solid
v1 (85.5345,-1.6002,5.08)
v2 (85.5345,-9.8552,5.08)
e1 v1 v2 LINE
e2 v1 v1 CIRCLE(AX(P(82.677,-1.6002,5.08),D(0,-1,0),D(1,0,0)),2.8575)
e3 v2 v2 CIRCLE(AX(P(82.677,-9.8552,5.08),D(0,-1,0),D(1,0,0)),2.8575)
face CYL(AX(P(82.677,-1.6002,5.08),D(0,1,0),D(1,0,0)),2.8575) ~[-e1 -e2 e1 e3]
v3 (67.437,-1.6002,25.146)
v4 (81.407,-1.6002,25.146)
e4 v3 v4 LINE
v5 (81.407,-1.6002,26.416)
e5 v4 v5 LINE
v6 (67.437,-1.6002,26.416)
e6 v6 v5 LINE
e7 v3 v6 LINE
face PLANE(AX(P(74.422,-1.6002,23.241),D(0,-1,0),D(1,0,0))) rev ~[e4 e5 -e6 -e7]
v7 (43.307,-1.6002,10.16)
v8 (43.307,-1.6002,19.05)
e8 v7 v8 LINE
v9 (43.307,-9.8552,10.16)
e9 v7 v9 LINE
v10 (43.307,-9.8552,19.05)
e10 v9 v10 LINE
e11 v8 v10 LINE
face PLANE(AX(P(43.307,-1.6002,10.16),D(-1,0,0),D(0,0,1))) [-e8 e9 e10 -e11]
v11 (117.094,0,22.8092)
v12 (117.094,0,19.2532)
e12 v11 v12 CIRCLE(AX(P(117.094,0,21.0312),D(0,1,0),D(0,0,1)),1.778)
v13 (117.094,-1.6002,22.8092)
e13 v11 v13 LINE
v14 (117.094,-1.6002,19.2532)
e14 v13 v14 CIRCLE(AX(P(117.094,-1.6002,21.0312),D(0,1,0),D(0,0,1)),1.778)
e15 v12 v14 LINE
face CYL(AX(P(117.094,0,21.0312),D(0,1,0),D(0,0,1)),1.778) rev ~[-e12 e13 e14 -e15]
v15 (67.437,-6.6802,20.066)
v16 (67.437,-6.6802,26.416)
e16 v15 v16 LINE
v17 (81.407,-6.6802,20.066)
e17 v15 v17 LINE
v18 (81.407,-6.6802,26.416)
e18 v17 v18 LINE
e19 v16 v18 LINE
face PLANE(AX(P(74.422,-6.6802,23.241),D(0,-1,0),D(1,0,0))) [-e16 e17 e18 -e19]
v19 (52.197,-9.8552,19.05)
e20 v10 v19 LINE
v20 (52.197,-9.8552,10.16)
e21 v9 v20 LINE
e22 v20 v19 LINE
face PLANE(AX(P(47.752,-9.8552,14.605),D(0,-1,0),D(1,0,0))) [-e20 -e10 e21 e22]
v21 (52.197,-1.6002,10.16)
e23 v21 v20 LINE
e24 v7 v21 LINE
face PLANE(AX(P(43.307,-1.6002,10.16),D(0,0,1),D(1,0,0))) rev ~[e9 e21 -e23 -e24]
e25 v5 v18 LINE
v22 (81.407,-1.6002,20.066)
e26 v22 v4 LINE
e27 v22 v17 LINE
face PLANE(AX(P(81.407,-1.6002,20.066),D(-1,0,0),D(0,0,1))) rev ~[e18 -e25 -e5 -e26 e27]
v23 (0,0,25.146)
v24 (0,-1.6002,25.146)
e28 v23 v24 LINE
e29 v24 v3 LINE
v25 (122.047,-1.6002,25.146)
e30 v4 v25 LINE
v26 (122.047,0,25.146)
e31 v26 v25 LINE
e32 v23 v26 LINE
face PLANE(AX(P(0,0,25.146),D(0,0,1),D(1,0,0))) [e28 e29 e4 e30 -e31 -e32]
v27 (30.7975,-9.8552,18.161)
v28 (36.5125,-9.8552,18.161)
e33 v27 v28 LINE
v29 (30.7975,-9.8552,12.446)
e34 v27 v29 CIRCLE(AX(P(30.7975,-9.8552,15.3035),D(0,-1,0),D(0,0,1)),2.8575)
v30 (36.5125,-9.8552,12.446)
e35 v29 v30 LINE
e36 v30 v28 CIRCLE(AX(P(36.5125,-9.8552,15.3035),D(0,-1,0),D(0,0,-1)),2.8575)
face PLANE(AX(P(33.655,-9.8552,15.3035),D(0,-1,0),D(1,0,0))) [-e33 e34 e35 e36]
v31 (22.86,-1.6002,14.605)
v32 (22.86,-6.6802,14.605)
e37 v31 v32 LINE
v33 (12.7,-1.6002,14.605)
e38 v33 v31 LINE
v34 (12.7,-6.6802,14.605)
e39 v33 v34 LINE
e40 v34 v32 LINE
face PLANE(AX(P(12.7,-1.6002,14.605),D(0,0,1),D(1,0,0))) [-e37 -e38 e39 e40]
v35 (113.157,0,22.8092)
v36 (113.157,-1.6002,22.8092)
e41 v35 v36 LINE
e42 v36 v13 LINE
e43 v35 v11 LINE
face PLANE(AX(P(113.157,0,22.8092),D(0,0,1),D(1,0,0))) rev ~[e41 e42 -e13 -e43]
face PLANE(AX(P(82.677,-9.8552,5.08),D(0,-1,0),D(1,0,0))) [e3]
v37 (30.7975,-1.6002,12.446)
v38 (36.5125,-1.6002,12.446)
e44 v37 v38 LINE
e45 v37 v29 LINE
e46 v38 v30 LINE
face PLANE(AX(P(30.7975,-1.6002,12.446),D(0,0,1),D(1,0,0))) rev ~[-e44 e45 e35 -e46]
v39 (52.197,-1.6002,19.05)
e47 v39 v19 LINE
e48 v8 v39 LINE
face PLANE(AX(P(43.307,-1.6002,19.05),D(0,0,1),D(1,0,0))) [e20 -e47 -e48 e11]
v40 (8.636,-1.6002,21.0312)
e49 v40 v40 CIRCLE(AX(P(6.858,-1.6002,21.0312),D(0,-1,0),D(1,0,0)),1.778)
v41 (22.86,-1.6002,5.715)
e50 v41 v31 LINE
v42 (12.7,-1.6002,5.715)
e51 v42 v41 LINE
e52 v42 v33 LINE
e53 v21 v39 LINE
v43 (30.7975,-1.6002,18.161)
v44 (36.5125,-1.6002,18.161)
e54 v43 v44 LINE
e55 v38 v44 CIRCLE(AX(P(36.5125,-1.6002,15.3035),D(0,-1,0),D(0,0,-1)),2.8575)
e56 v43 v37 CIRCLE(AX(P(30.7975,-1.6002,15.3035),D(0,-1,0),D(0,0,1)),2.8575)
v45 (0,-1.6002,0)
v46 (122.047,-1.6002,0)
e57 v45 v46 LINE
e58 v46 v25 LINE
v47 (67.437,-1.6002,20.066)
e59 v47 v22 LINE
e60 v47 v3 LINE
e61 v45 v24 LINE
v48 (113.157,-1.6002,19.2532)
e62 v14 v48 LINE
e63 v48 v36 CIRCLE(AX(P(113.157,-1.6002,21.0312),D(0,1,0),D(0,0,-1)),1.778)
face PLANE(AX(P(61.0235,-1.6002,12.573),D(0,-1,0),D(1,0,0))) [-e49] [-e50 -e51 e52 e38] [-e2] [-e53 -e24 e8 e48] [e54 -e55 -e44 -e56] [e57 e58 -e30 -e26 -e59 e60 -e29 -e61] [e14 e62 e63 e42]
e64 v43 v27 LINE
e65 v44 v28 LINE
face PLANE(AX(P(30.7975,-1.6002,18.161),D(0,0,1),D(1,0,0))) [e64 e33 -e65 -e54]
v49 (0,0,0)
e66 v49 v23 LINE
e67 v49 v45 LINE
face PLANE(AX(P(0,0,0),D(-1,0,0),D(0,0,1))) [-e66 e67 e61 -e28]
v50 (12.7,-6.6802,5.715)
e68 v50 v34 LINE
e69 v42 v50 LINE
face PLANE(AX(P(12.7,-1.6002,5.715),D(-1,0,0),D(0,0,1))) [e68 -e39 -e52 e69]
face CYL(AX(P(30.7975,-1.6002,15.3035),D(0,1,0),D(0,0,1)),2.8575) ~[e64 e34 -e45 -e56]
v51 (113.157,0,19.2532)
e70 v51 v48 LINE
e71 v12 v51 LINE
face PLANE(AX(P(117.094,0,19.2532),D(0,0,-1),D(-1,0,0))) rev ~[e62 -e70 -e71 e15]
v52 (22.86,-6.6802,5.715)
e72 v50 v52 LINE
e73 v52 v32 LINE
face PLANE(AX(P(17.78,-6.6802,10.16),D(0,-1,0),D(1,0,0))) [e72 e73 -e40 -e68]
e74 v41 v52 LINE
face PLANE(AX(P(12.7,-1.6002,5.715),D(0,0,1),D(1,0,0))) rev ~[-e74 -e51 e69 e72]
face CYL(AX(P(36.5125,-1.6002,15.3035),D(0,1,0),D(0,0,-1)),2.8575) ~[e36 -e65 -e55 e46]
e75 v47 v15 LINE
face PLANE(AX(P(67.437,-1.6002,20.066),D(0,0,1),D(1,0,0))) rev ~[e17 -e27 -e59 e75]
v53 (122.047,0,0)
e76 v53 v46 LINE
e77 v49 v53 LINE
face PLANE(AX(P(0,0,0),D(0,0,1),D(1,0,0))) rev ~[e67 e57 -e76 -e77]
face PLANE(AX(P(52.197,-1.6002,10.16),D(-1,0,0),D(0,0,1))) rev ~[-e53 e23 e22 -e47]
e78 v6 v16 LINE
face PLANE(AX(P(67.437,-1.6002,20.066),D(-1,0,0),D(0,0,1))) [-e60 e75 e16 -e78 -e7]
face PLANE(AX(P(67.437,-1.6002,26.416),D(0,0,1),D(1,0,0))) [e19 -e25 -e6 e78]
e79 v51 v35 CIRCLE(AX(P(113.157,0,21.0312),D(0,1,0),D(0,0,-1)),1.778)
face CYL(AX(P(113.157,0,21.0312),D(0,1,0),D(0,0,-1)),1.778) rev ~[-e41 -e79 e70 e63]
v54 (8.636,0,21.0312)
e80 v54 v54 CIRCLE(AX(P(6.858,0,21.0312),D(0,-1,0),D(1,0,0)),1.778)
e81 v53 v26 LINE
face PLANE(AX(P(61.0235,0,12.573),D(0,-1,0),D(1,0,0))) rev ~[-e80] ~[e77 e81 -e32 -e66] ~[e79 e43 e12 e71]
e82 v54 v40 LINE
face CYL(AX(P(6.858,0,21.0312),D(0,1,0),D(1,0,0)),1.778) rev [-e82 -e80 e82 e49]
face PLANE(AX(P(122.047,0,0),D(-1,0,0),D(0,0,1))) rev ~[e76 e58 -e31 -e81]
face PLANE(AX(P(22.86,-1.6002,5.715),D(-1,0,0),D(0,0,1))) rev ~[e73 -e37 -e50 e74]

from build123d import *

# Parameters (mm, degrees)
F0_W     = 122.047
F0_H     = 25.146
F0_R     = 1.778
F1_DEPTH = 1.6002
F2_W     = 10.16
F2_H     = 8.89
F2_W_2   = 13.97
F2_H_2   = 6.35
F3_DEPTH = 5.08
F4_W     = 8.89
F4_H     = 8.89
F4_R     = 2.8575
F4_W_2   = 5.715
F4_H_2   = 5.715
F5_DEPTH = 8.255


with BuildPart() as f1:
    # F0 (on Front) → F1 (new body)
    with BuildSketch(Plane.XZ):
        with Locations((61.0235, 12.573)):
            Rectangle(F0_W, F0_H)
        with Locations((6.858, 21.0312)):
            Circle(F0_R, mode=Mode.SUBTRACT)
        with BuildLine():
            ThreePointArc((113.157, 19.2532), (111.379, 21.0312), (113.157, 22.8092))
            Line((113.157, 22.8092), (117.094, 22.8092))
            ThreePointArc((117.094, 22.8092), (118.872, 21.0312), (117.094, 19.2532))
            Line((117.094, 19.2532), (113.157, 19.2532))
        make_face(mode=Mode.SUBTRACT)
    extrude(amount=F1_DEPTH)

    # F2 (on face) → F3 (join)
    with BuildSketch(Plane.XZ.offset(1.6002)):
        with Locations((17.78, 10.16)):
            Rectangle(F2_W, F2_H)
        with Locations((74.422, 23.241)):
            Rectangle(F2_W_2, F2_H_2)
    extrude(amount=F3_DEPTH)

    # F4 (on face) → F5 (join)
    with BuildSketch(Plane.XZ.offset(1.6002)):
        with Locations((47.752, 14.605)):
            Rectangle(F4_W, F4_H)
        with Locations((82.677, 5.08)):
            Circle(F4_R)
        with Locations((33.655, 15.3035)):
            Rectangle(F4_W_2, F4_H_2)
        with BuildLine():
            Line((30.7975, 12.446), (30.7975, 18.161))
            ThreePointArc((30.7975, 18.161), (27.94, 15.3035), (30.7975, 12.446))
        make_face()
        with BuildLine():
            ThreePointArc((36.5125, 12.446), (39.37, 15.3035), (36.5125, 18.161))
            Line((36.5125, 18.161), (36.5125, 12.446))
        make_face()
    extrude(amount=F5_DEPTH)


solid = f1.part
